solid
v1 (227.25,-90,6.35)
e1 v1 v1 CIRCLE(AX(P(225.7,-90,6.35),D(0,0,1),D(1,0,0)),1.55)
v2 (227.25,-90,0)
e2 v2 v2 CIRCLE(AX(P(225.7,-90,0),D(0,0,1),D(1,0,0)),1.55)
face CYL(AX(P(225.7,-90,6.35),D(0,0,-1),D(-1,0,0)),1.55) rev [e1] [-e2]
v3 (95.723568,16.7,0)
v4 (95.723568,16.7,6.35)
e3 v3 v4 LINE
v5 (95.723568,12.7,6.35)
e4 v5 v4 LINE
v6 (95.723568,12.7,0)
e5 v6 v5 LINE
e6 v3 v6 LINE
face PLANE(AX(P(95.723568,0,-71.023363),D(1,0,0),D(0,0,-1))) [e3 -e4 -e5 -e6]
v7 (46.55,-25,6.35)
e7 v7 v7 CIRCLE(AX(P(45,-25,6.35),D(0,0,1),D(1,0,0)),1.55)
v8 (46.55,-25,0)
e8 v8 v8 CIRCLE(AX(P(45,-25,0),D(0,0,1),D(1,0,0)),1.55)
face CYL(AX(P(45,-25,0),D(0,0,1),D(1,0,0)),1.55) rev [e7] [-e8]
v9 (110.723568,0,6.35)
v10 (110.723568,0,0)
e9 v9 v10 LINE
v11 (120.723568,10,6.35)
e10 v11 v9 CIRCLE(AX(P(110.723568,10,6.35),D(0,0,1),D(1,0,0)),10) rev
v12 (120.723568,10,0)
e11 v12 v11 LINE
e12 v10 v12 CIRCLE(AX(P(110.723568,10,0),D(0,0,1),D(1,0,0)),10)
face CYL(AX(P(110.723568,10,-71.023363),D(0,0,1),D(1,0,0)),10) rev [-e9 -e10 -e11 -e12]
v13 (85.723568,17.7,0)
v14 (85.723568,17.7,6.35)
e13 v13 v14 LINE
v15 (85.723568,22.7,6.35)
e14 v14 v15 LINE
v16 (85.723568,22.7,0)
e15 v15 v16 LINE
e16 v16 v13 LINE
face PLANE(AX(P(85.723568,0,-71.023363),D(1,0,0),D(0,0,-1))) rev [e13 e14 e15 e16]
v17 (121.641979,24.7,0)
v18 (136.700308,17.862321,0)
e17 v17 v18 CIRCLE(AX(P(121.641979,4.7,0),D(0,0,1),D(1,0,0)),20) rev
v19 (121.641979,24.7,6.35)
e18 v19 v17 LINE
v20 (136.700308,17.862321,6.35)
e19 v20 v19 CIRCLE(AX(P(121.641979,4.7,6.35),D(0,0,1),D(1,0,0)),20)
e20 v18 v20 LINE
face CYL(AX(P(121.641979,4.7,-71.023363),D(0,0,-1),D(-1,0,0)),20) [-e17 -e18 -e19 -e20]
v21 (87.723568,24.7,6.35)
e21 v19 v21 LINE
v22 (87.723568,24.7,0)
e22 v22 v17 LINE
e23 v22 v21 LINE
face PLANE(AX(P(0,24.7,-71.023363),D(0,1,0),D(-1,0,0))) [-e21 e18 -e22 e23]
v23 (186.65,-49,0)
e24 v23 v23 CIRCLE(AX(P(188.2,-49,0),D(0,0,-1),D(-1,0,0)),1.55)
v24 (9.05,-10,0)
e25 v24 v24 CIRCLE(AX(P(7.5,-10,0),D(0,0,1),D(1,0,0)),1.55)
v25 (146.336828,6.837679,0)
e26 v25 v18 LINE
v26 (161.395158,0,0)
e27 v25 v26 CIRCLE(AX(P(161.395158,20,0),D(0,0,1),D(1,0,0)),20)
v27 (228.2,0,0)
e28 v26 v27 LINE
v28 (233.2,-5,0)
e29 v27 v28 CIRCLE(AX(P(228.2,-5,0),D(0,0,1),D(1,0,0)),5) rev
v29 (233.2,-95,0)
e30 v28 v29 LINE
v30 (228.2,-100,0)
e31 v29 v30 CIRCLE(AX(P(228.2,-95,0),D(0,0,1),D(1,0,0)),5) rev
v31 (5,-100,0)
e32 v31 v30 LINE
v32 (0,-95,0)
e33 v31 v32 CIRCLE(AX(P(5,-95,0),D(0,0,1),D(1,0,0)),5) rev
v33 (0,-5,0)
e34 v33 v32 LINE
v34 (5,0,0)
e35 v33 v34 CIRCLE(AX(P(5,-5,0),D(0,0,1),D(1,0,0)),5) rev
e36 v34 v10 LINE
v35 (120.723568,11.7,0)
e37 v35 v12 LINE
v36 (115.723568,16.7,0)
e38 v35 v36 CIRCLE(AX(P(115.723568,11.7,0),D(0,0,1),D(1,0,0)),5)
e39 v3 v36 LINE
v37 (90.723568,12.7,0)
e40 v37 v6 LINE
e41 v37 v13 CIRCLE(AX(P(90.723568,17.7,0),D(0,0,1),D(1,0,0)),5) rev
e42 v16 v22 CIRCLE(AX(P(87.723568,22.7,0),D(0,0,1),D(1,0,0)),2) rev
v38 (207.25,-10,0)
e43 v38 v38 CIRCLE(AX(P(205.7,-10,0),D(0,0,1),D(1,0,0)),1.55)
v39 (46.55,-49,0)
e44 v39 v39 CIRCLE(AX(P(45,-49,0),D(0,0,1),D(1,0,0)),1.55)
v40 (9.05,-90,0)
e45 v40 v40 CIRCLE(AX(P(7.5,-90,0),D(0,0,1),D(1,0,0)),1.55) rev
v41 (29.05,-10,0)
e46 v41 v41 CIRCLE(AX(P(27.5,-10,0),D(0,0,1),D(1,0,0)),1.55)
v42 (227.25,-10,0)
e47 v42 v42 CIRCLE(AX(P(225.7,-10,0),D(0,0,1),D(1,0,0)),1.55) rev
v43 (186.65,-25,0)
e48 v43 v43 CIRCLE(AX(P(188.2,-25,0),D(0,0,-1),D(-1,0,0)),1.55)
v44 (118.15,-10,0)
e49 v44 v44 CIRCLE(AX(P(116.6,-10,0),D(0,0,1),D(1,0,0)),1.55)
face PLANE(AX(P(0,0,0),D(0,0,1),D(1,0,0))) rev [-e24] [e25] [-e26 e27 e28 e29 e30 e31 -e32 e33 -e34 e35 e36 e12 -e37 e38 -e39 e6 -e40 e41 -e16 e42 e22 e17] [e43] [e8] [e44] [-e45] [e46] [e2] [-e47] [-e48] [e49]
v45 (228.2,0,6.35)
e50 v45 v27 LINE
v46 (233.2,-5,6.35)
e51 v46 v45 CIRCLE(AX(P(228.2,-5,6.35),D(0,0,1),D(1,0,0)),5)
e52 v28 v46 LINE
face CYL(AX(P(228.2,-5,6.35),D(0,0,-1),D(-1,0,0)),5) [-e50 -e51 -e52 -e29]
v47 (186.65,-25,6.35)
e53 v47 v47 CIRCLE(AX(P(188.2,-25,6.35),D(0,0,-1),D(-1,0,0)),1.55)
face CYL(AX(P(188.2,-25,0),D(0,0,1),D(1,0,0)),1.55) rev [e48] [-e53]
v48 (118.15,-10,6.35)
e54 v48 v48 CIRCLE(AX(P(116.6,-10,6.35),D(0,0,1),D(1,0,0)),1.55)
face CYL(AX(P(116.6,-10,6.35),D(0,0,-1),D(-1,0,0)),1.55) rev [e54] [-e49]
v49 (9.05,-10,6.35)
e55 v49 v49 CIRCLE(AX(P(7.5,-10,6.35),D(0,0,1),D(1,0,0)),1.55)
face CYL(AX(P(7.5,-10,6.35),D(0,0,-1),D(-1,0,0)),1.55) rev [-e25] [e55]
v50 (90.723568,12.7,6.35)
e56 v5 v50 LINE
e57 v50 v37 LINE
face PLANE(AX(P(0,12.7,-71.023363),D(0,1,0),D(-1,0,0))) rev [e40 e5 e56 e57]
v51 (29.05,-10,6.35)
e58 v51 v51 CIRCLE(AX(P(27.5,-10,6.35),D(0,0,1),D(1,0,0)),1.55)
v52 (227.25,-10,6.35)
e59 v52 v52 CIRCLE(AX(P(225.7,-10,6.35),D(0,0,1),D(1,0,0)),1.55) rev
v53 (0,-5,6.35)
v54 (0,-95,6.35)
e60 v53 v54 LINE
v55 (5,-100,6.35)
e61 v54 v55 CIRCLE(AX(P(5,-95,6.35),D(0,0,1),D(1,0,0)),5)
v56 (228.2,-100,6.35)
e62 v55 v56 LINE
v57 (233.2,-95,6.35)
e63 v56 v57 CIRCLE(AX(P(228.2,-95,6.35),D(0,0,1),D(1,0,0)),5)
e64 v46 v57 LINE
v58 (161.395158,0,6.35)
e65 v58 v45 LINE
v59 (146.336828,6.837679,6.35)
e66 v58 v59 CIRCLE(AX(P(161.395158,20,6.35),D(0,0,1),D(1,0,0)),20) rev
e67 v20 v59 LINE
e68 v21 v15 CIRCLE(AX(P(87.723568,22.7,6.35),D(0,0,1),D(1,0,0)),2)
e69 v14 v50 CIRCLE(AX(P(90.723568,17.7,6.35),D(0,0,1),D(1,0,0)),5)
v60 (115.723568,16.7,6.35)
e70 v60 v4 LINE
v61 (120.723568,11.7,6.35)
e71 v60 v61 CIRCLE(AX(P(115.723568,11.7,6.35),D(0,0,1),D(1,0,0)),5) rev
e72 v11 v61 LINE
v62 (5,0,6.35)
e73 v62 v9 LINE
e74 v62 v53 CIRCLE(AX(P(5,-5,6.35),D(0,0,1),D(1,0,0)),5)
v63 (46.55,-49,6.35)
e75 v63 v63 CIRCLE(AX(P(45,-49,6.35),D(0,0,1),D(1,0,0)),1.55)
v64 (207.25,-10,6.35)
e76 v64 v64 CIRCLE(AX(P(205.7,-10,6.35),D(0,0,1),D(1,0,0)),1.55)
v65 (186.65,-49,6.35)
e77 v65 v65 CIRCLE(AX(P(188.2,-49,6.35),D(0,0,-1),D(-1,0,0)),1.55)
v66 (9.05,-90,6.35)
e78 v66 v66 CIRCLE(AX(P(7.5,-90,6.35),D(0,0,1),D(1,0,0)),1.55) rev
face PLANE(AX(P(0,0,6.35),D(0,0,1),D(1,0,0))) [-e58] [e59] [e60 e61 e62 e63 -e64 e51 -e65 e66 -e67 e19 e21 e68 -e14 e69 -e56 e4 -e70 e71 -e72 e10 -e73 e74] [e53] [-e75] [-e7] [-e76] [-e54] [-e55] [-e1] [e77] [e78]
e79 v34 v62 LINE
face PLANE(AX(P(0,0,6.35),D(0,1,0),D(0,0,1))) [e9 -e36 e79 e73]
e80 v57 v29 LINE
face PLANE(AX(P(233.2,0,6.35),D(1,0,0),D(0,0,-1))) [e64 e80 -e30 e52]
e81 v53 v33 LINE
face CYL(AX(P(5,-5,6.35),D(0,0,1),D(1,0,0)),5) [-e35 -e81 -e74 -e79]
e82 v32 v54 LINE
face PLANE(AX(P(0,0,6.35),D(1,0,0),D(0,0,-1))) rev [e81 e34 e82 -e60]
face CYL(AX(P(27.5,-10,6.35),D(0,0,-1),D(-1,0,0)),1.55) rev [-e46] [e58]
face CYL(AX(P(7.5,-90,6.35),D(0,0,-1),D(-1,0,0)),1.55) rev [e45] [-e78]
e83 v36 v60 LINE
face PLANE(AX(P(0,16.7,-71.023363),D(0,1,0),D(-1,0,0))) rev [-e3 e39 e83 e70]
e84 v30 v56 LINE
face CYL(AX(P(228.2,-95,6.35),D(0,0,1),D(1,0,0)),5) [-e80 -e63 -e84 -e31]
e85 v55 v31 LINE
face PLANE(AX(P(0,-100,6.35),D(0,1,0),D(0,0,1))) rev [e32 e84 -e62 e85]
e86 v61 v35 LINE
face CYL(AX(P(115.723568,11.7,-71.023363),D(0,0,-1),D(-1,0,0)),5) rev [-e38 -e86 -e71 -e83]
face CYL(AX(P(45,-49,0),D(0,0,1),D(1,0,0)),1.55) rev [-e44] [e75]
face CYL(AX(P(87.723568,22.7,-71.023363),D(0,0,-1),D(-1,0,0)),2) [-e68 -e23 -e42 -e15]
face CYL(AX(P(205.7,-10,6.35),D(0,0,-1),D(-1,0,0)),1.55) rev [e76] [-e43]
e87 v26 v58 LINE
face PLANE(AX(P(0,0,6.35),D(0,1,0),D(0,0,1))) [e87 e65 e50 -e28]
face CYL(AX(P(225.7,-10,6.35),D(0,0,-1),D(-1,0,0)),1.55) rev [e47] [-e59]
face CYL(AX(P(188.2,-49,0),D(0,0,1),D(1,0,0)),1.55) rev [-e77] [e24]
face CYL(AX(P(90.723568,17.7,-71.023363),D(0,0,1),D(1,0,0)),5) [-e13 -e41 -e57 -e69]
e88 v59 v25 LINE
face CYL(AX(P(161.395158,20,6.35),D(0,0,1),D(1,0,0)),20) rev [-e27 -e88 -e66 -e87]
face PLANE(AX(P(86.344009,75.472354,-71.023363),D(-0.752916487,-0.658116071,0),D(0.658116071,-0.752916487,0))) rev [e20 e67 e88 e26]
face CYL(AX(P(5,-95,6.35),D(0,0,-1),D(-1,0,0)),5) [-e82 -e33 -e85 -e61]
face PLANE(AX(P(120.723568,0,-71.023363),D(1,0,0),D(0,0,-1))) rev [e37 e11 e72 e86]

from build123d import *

# Parameters (mm, degrees)
SKETCH1_W           = 233.2
SKETCH1_H           = 100
SKETCH1_R           = 1.55
BOSS_EXTRUDE1_DEPTH = 6.35
FILLET1_R           = 5
SKETCH2_R           = 1.55
CUT_EXTRUDE1_DEPTH  = 6.35
SKETCH3_W           = 10
SKETCH3_H           = 12.7
BOSS_EXTRUDE2_DEPTH = 6.35
FILLET2_R           = 5
FILLET3_R           = 10
FILLET4_R           = 2
FILLET5_R           = 20
FILLET6_R           = 5


with BuildPart() as part:
    # Sketch1 → Boss-Extrude1 (new body)
    with BuildSketch(Plane.XY):
        with Locations((116.6, -50)):
            Rectangle(SKETCH1_W, SKETCH1_H)
        with Locations((7.5, -10)):
            Circle(SKETCH1_R, mode=Mode.SUBTRACT)
        with Locations((225.7, -10)):
            Circle(SKETCH1_R, mode=Mode.SUBTRACT)
        with Locations((7.5, -90)):
            Circle(SKETCH1_R, mode=Mode.SUBTRACT)
        with Locations((225.7, -90)):
            Circle(SKETCH1_R, mode=Mode.SUBTRACT)
        with Locations((27.5, -10)):
            Circle(SKETCH1_R, mode=Mode.SUBTRACT)
        with Locations((205.7, -10)):
            Circle(SKETCH1_R, mode=Mode.SUBTRACT)
        with Locations((116.6, -10)):
            Circle(SKETCH1_R, mode=Mode.SUBTRACT)
    extrude(amount=BOSS_EXTRUDE1_DEPTH)

    # Fillet1
    fillet1_edges = [part.edges().sort_by_distance(p)[0] for p in [
        (233.2, -100, 3.175),
        (0, -100, 3.175),
        (0, 0, 3.175),
        (233.2, 0, 3.175),
    ]]
    fillet(fillet1_edges, radius=FILLET1_R)

    # Sketch2 → Cut-Extrude1 (cut)
    with BuildSketch(Plane.XY.offset(6.35)):
        with Locations((45, -25)):
            Circle(SKETCH2_R)
        with Locations((45, -49)):
            Circle(SKETCH2_R)
        with Locations((188.2, -49)):
            Circle(SKETCH2_R)
        with Locations((188.2, -25)):
            Circle(SKETCH2_R)
    extrude(amount=-CUT_EXTRUDE1_DEPTH, mode=Mode.SUBTRACT)

    # Sketch3 → Boss-Extrude2 (add)
    with BuildSketch(Plane.XY.offset(6.35)):
        with Locations((125.723568259, 6.35)):
            Rectangle(SKETCH3_W, SKETCH3_H)
        Polygon((120.723568259, 16.7), (120.723568259, 12.7), (130.723568259, 12.7), (130.723568259, 24.7), (85.723568259, 24.7), (85.723568259, 12.7), (95.723568259, 12.7), (95.723568259, 16.7), align=None)
        Polygon((130.723568259, 12.7), (130.723568259, 0), (152.313568259, 0), (130.723568259, 24.7), align=None)
    extrude(amount=-BOSS_EXTRUDE2_DEPTH)

    # Fillet2
    fillet2_edges = [part.edges().sort_by_distance(p)[0] for p in [
        (85.723568259, 12.7, 3.175),
    ]]
    fillet(fillet2_edges, radius=FILLET2_R)

    # Fillet3
    fillet3_edges = [part.edges().sort_by_distance(p)[0] for p in [
        (120.723568259, 0, 3.175),
    ]]
    fillet(fillet3_edges, radius=FILLET3_R)

    # Fillet4
    fillet4_edges = [part.edges().sort_by_distance(p)[0] for p in [
        (85.723568259, 24.7, 3.175),
    ]]
    fillet(fillet4_edges, radius=FILLET4_R)

    # Fillet5
    fillet5_edges = [part.edges().sort_by_distance(p)[0] for p in [
        (130.723568259, 24.7, 3.175),
        (152.313568259, 0, 3.175),
    ]]
    fillet(fillet5_edges, radius=FILLET5_R)

    # Fillet6
    fillet6_edges = [part.edges().sort_by_distance(p)[0] for p in [
        (120.723568259, 16.7, 3.175),
    ]]
    fillet(fillet6_edges, radius=FILLET6_R)


solid = part.part
